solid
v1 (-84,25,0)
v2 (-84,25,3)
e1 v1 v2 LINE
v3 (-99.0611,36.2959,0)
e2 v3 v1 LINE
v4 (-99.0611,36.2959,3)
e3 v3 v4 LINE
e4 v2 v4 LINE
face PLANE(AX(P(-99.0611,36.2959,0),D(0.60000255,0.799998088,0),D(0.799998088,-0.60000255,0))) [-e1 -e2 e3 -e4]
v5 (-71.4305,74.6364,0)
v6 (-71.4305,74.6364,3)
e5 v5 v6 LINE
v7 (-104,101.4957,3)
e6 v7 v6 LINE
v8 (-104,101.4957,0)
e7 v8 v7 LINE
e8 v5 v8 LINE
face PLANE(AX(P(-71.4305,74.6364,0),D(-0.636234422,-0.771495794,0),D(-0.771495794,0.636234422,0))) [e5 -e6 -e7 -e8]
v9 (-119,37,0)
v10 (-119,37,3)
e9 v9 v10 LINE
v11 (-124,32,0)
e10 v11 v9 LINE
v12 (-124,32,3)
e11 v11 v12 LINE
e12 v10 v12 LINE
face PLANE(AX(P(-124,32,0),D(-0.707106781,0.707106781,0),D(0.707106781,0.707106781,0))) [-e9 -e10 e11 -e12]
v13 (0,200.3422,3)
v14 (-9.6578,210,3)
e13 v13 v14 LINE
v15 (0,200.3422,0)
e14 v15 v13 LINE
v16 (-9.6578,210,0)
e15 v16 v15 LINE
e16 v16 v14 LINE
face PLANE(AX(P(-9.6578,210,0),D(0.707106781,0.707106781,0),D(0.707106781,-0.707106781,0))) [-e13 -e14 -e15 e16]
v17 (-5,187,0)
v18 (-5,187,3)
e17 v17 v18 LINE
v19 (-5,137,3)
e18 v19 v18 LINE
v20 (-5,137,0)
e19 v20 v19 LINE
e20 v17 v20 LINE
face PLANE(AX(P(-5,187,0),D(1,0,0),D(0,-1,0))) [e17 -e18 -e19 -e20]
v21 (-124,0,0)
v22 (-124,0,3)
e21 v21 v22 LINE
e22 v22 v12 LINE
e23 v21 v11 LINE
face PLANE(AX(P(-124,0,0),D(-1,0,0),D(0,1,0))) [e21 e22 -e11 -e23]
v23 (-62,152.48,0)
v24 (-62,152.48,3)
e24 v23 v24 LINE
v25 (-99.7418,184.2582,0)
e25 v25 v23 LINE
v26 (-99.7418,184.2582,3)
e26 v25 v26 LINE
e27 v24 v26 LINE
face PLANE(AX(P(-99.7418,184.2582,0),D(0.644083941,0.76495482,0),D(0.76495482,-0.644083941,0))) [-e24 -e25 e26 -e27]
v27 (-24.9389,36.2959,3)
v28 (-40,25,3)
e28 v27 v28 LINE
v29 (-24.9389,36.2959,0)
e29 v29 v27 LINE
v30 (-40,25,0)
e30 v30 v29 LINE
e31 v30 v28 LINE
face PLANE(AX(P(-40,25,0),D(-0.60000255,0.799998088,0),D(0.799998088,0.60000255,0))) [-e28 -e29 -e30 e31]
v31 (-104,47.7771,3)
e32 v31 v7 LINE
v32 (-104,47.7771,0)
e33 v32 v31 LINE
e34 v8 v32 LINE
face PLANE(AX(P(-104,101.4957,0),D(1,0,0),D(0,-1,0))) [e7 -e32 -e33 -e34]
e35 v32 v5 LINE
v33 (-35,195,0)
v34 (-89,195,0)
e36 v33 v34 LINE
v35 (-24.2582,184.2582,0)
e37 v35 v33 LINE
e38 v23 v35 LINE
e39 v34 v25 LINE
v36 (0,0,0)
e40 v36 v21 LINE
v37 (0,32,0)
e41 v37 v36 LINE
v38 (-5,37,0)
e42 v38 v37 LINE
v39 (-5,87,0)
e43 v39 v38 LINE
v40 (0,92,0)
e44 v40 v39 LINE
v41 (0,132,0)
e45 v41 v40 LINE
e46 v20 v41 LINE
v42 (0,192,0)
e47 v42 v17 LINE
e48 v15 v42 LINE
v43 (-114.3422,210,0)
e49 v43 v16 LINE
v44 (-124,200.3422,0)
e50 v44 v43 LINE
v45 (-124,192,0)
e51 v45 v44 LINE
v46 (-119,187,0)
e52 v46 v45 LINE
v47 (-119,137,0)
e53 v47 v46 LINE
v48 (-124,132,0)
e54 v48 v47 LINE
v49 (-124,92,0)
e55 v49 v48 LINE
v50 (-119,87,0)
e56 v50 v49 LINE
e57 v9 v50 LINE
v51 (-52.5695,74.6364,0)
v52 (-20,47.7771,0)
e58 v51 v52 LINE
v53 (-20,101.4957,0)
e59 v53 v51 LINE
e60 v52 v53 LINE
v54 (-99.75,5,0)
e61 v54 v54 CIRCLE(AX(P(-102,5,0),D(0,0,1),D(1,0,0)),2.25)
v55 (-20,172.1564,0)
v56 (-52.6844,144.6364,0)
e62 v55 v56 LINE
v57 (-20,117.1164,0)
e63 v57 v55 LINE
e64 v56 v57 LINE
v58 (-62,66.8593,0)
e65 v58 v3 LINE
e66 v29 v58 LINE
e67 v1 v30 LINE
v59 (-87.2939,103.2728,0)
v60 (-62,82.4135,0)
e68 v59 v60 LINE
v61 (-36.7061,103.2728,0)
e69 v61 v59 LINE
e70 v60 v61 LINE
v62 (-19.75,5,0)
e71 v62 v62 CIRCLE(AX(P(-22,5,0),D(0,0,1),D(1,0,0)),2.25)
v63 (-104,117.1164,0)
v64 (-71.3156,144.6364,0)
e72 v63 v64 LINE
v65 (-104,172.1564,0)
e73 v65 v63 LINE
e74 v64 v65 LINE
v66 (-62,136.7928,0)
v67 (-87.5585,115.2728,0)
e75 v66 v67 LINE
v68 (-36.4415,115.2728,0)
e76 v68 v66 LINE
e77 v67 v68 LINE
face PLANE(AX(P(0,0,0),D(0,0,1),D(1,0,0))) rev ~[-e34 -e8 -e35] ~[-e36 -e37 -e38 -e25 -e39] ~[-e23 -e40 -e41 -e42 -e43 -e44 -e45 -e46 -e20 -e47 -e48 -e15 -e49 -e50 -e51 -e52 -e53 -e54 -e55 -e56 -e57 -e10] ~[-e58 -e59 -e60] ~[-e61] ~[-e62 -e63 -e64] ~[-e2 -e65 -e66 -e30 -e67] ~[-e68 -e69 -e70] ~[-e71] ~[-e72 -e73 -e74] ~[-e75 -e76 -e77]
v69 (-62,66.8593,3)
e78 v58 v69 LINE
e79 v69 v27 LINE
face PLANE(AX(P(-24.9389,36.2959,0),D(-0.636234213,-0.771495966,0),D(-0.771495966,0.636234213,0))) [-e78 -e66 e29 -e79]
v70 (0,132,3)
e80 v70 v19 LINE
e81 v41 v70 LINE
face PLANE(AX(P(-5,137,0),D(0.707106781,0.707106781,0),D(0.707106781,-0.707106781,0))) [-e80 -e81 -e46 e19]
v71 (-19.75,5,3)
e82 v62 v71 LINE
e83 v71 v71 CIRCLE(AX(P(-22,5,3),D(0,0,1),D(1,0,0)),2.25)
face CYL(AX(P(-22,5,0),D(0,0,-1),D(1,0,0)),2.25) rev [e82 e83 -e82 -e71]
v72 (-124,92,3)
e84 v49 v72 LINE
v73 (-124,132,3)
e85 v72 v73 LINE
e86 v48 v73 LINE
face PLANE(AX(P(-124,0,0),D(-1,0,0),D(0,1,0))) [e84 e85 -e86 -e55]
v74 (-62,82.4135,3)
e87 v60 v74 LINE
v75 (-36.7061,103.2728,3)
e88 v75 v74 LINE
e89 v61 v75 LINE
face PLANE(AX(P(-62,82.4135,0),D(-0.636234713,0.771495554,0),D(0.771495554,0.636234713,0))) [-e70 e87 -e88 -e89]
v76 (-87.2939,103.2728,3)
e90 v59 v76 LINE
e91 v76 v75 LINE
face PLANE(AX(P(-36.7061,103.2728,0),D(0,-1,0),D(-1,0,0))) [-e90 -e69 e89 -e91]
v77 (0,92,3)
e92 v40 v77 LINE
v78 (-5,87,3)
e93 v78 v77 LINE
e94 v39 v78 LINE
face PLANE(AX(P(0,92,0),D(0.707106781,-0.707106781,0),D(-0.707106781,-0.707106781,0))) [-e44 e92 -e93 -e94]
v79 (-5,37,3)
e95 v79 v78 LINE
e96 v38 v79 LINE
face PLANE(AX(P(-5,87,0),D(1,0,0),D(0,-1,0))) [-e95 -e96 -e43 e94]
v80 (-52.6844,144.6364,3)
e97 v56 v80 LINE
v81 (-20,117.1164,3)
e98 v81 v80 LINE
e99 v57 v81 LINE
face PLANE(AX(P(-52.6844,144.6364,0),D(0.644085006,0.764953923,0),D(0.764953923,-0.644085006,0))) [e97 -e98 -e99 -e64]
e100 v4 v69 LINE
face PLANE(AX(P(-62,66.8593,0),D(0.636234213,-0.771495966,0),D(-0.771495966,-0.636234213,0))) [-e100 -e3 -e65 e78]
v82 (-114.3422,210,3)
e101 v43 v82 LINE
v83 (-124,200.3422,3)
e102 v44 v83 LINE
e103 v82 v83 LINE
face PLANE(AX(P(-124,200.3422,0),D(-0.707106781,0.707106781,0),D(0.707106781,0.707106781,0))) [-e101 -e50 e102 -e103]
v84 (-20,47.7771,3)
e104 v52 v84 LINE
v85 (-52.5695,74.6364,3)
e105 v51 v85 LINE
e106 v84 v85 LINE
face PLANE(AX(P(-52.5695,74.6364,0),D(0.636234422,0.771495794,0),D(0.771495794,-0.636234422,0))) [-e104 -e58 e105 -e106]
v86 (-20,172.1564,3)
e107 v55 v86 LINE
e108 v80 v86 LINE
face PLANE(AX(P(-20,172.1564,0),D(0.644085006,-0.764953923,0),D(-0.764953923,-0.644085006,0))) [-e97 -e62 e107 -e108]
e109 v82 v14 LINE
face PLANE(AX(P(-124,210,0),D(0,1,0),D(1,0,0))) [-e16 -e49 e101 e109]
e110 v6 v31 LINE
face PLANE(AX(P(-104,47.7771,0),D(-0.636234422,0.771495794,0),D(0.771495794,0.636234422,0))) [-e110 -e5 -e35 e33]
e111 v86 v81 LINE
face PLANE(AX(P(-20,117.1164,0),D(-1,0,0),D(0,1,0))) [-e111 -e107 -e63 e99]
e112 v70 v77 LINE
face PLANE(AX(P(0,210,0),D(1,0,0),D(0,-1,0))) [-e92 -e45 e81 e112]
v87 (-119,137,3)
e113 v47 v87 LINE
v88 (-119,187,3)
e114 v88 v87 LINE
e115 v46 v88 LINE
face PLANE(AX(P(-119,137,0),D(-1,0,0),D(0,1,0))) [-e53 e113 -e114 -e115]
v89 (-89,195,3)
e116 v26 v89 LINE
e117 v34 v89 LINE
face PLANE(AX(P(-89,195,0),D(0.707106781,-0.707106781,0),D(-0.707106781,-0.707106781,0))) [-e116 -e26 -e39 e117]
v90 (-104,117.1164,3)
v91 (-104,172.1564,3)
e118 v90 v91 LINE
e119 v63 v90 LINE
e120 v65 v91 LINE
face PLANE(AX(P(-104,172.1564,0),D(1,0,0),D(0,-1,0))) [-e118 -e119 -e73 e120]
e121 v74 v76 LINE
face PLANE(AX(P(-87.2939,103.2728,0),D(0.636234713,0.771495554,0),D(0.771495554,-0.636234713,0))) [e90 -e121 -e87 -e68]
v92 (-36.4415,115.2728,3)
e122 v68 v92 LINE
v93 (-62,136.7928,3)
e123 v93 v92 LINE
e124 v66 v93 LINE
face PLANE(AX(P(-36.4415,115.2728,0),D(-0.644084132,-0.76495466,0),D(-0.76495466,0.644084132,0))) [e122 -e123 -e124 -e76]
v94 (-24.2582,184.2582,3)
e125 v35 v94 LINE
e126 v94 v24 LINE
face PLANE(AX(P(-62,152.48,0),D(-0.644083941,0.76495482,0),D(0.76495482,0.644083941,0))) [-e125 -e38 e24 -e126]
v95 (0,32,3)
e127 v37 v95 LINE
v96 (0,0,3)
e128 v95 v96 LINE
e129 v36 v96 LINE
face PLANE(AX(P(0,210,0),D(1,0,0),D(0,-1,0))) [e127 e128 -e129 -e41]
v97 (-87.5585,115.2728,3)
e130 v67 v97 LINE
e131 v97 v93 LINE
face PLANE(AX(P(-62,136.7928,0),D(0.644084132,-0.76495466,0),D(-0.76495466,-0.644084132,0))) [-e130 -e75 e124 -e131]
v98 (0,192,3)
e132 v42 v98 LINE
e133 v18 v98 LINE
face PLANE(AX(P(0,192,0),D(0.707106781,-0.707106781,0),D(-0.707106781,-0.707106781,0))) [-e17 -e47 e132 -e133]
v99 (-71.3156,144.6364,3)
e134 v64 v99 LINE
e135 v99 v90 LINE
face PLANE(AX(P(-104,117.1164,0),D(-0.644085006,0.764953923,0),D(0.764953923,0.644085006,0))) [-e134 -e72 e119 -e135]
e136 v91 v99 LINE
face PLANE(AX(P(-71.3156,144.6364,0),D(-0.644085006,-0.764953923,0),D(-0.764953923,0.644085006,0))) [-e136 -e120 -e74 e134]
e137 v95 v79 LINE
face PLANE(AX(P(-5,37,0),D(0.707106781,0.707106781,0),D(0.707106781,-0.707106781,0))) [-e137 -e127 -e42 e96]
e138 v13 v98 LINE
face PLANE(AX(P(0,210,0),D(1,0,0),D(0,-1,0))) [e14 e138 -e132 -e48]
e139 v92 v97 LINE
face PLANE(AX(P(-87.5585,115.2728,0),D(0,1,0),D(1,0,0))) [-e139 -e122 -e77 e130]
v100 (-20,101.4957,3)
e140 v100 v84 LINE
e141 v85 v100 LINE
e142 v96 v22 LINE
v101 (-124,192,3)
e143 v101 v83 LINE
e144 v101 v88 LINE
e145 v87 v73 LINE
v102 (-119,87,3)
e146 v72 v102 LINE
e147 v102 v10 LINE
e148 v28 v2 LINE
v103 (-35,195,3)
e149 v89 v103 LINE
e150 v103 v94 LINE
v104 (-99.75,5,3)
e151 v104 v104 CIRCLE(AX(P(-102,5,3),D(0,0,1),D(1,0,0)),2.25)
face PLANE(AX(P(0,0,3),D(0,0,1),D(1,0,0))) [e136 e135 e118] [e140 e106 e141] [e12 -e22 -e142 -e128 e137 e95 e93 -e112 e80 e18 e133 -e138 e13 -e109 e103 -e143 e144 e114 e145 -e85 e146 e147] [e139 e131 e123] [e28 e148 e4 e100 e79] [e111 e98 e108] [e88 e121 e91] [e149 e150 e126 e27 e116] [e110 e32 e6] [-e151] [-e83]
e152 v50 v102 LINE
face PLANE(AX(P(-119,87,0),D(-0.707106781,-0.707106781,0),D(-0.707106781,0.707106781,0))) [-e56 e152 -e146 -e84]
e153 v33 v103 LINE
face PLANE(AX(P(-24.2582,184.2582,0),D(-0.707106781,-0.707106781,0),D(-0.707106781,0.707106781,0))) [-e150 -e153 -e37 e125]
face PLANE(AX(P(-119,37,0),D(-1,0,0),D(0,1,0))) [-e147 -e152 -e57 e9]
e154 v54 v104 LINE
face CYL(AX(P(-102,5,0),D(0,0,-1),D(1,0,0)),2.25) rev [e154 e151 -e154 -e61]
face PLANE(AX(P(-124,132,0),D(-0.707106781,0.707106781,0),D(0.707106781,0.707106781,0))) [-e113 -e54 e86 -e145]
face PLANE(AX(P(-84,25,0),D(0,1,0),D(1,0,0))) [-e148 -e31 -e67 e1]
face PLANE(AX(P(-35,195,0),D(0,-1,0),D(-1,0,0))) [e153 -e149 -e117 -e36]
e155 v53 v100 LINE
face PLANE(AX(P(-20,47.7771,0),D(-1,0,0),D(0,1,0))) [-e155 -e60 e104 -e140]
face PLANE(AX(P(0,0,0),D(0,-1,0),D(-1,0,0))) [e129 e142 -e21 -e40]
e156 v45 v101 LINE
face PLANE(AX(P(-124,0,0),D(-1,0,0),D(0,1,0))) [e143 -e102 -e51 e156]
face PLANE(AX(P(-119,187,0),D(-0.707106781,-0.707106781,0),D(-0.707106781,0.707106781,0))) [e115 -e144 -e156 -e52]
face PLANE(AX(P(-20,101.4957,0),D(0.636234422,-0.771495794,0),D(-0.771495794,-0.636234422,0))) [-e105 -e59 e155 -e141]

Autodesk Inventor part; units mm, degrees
ref_plane "YZ Plane" through (0, 0, 0) normal (1, 0, 0) x (0, 1, 0)
ref_plane "XZ Plane" through (0, 0, 0) normal (0, 1, 0) x (-1, 0, 0)
ref_plane "XY Plane" through (0, 0, 0) normal (0, 0, 1) x (1, 0, 0)
sketch "Sketch1" plane through (0, 0, 0) normal (0, 0, 1) x (1, 0, 0)
  line L0 (0, 0) -> (-124, 0)
  line L1 (-124, 0) -> (-124, 210)
  line L2 (-124, 210) -> (0, 210)
  line L3 (0, 210) -> (0, 0)
  circle A0 centre (-22, 5) radius 2.25 projected
  circle A1 centre (-102, 5) radius 2.25 projected
  dimension "d0" = 124
  dimension "d1" = 210
extrude "Extrusion1" add sketch "Sketch1" along normal blind 3
sketch "Sketch2" plane through (0, 0, 0) normal (0, 0, -1) x (-1, 0, 0)
  line L0 (84, 25) -> (40, 25) projected
  line L1 (99.0611, 36.2959) -> (84, 25) projected
  line L2 (62, 66.8593) -> (99.0611, 36.2959) projected
  line L3 (24.9389, 36.2959) -> (62, 66.8593) projected
  line L4 (40, 25) -> (24.9389, 36.2959) projected
  line L5 (52.5695, 74.6364) -> (20, 47.7771) projected
  line L6 (20, 101.4957) -> (52.5695, 74.6364) projected
  line L7 (20, 47.7771) -> (20, 101.4957) projected
  line L8 (62, 82.4135) -> (36.7061, 103.2728) projected
  line L9 (62, 152.48) -> (24.2582, 184.2582) projected
  line L10 (99.7418, 184.2582) -> (62, 152.48) projected
  line L11 (35, 195) -> (89, 195) projected
  line L12 (89, 195) -> (99.7418, 184.2582) projected
  line L13 (24.2582, 184.2582) -> (35, 195) projected
  line L14 (20, 117.1164) -> (20, 172.1564) projected
  line L15 (20, 172.1564) -> (52.6844, 144.6364) projected
  line L16 (52.6844, 144.6364) -> (20, 117.1164) projected
  line L17 (104, 117.1164) -> (71.3156, 144.6364) projected
  line L18 (71.3156, 144.6364) -> (104, 172.1564) projected
  line L19 (104, 172.1564) -> (104, 117.1164) projected
  line L20 (71.4305, 74.6364) -> (104, 101.4957) projected
  line L21 (104, 101.4957) -> (104, 47.7771) projected
  line L22 (104, 47.7771) -> (71.4305, 74.6364) projected
  line L23 (87.2939, 103.2728) -> (62, 82.4135) projected
  line L24 (36.7061, 103.2728) -> (87.2939, 103.2728) projected
  line L25 (87.5585, 115.2728) -> (36.4415, 115.2728) projected
  line L26 (62, 136.7928) -> (87.5585, 115.2728) projected
  line L27 (36.4415, 115.2728) -> (62, 136.7928) projected
  line L28 (119, 137) -> (119, 187) projected
  line L29 (119, 187) -> (124, 192) projected
  line L30 (124, 200.3422) -> (114.3422, 210) projected
  line L31 (9.6578, 210) -> (0, 200.3422) projected
  line L32 (0, 192) -> (5, 187) projected
  line L33 (5, 187) -> (5, 137) projected
  line L34 (5, 137) -> (0, 132) projected
  line L35 (0, 92) -> (5, 87) projected
  line L36 (5, 87) -> (5, 37) projected
  line L37 (5, 37) -> (0, 32) projected
  line L38 (124, 132) -> (119, 137) projected
  line L39 (119, 87) -> (124, 92) projected
  line L40 (119, 37) -> (119, 87) projected
  line L41 (124, 32) -> (119, 37) projected
  line L42 (0, 210) -> (124, 210) projected
  line L43 (0, 0) -> (124, 0)
  line L44 (124, 0) -> (124, 210)
  line L45 (124, 210) -> (0, 210)
  line L46 (0, 210) -> (0, 0)
extrude "Extrusion2" cut sketch "Sketch2" against normal through all contours L0 L4 L3 L2 L1 | L5 L7 L6 | L8 L24 L23 | L9 L13 L11 L12 L10 | L14 L15 L16 | L17 L18 L19 | L20 L21 L22 | L25 L27 L26 | L28 L29 L44 L38 | L44 L41 L40 L39 | L30 L42 L44 | L31 L46 L42 | L46 L35 L36 L37 | L32 L33 L34 L46
ref_plane "Work Plane1" through (20, 112, 3) normal (0, -1, 0) x (0, 0, -1)
properties part number "Shelf2"
